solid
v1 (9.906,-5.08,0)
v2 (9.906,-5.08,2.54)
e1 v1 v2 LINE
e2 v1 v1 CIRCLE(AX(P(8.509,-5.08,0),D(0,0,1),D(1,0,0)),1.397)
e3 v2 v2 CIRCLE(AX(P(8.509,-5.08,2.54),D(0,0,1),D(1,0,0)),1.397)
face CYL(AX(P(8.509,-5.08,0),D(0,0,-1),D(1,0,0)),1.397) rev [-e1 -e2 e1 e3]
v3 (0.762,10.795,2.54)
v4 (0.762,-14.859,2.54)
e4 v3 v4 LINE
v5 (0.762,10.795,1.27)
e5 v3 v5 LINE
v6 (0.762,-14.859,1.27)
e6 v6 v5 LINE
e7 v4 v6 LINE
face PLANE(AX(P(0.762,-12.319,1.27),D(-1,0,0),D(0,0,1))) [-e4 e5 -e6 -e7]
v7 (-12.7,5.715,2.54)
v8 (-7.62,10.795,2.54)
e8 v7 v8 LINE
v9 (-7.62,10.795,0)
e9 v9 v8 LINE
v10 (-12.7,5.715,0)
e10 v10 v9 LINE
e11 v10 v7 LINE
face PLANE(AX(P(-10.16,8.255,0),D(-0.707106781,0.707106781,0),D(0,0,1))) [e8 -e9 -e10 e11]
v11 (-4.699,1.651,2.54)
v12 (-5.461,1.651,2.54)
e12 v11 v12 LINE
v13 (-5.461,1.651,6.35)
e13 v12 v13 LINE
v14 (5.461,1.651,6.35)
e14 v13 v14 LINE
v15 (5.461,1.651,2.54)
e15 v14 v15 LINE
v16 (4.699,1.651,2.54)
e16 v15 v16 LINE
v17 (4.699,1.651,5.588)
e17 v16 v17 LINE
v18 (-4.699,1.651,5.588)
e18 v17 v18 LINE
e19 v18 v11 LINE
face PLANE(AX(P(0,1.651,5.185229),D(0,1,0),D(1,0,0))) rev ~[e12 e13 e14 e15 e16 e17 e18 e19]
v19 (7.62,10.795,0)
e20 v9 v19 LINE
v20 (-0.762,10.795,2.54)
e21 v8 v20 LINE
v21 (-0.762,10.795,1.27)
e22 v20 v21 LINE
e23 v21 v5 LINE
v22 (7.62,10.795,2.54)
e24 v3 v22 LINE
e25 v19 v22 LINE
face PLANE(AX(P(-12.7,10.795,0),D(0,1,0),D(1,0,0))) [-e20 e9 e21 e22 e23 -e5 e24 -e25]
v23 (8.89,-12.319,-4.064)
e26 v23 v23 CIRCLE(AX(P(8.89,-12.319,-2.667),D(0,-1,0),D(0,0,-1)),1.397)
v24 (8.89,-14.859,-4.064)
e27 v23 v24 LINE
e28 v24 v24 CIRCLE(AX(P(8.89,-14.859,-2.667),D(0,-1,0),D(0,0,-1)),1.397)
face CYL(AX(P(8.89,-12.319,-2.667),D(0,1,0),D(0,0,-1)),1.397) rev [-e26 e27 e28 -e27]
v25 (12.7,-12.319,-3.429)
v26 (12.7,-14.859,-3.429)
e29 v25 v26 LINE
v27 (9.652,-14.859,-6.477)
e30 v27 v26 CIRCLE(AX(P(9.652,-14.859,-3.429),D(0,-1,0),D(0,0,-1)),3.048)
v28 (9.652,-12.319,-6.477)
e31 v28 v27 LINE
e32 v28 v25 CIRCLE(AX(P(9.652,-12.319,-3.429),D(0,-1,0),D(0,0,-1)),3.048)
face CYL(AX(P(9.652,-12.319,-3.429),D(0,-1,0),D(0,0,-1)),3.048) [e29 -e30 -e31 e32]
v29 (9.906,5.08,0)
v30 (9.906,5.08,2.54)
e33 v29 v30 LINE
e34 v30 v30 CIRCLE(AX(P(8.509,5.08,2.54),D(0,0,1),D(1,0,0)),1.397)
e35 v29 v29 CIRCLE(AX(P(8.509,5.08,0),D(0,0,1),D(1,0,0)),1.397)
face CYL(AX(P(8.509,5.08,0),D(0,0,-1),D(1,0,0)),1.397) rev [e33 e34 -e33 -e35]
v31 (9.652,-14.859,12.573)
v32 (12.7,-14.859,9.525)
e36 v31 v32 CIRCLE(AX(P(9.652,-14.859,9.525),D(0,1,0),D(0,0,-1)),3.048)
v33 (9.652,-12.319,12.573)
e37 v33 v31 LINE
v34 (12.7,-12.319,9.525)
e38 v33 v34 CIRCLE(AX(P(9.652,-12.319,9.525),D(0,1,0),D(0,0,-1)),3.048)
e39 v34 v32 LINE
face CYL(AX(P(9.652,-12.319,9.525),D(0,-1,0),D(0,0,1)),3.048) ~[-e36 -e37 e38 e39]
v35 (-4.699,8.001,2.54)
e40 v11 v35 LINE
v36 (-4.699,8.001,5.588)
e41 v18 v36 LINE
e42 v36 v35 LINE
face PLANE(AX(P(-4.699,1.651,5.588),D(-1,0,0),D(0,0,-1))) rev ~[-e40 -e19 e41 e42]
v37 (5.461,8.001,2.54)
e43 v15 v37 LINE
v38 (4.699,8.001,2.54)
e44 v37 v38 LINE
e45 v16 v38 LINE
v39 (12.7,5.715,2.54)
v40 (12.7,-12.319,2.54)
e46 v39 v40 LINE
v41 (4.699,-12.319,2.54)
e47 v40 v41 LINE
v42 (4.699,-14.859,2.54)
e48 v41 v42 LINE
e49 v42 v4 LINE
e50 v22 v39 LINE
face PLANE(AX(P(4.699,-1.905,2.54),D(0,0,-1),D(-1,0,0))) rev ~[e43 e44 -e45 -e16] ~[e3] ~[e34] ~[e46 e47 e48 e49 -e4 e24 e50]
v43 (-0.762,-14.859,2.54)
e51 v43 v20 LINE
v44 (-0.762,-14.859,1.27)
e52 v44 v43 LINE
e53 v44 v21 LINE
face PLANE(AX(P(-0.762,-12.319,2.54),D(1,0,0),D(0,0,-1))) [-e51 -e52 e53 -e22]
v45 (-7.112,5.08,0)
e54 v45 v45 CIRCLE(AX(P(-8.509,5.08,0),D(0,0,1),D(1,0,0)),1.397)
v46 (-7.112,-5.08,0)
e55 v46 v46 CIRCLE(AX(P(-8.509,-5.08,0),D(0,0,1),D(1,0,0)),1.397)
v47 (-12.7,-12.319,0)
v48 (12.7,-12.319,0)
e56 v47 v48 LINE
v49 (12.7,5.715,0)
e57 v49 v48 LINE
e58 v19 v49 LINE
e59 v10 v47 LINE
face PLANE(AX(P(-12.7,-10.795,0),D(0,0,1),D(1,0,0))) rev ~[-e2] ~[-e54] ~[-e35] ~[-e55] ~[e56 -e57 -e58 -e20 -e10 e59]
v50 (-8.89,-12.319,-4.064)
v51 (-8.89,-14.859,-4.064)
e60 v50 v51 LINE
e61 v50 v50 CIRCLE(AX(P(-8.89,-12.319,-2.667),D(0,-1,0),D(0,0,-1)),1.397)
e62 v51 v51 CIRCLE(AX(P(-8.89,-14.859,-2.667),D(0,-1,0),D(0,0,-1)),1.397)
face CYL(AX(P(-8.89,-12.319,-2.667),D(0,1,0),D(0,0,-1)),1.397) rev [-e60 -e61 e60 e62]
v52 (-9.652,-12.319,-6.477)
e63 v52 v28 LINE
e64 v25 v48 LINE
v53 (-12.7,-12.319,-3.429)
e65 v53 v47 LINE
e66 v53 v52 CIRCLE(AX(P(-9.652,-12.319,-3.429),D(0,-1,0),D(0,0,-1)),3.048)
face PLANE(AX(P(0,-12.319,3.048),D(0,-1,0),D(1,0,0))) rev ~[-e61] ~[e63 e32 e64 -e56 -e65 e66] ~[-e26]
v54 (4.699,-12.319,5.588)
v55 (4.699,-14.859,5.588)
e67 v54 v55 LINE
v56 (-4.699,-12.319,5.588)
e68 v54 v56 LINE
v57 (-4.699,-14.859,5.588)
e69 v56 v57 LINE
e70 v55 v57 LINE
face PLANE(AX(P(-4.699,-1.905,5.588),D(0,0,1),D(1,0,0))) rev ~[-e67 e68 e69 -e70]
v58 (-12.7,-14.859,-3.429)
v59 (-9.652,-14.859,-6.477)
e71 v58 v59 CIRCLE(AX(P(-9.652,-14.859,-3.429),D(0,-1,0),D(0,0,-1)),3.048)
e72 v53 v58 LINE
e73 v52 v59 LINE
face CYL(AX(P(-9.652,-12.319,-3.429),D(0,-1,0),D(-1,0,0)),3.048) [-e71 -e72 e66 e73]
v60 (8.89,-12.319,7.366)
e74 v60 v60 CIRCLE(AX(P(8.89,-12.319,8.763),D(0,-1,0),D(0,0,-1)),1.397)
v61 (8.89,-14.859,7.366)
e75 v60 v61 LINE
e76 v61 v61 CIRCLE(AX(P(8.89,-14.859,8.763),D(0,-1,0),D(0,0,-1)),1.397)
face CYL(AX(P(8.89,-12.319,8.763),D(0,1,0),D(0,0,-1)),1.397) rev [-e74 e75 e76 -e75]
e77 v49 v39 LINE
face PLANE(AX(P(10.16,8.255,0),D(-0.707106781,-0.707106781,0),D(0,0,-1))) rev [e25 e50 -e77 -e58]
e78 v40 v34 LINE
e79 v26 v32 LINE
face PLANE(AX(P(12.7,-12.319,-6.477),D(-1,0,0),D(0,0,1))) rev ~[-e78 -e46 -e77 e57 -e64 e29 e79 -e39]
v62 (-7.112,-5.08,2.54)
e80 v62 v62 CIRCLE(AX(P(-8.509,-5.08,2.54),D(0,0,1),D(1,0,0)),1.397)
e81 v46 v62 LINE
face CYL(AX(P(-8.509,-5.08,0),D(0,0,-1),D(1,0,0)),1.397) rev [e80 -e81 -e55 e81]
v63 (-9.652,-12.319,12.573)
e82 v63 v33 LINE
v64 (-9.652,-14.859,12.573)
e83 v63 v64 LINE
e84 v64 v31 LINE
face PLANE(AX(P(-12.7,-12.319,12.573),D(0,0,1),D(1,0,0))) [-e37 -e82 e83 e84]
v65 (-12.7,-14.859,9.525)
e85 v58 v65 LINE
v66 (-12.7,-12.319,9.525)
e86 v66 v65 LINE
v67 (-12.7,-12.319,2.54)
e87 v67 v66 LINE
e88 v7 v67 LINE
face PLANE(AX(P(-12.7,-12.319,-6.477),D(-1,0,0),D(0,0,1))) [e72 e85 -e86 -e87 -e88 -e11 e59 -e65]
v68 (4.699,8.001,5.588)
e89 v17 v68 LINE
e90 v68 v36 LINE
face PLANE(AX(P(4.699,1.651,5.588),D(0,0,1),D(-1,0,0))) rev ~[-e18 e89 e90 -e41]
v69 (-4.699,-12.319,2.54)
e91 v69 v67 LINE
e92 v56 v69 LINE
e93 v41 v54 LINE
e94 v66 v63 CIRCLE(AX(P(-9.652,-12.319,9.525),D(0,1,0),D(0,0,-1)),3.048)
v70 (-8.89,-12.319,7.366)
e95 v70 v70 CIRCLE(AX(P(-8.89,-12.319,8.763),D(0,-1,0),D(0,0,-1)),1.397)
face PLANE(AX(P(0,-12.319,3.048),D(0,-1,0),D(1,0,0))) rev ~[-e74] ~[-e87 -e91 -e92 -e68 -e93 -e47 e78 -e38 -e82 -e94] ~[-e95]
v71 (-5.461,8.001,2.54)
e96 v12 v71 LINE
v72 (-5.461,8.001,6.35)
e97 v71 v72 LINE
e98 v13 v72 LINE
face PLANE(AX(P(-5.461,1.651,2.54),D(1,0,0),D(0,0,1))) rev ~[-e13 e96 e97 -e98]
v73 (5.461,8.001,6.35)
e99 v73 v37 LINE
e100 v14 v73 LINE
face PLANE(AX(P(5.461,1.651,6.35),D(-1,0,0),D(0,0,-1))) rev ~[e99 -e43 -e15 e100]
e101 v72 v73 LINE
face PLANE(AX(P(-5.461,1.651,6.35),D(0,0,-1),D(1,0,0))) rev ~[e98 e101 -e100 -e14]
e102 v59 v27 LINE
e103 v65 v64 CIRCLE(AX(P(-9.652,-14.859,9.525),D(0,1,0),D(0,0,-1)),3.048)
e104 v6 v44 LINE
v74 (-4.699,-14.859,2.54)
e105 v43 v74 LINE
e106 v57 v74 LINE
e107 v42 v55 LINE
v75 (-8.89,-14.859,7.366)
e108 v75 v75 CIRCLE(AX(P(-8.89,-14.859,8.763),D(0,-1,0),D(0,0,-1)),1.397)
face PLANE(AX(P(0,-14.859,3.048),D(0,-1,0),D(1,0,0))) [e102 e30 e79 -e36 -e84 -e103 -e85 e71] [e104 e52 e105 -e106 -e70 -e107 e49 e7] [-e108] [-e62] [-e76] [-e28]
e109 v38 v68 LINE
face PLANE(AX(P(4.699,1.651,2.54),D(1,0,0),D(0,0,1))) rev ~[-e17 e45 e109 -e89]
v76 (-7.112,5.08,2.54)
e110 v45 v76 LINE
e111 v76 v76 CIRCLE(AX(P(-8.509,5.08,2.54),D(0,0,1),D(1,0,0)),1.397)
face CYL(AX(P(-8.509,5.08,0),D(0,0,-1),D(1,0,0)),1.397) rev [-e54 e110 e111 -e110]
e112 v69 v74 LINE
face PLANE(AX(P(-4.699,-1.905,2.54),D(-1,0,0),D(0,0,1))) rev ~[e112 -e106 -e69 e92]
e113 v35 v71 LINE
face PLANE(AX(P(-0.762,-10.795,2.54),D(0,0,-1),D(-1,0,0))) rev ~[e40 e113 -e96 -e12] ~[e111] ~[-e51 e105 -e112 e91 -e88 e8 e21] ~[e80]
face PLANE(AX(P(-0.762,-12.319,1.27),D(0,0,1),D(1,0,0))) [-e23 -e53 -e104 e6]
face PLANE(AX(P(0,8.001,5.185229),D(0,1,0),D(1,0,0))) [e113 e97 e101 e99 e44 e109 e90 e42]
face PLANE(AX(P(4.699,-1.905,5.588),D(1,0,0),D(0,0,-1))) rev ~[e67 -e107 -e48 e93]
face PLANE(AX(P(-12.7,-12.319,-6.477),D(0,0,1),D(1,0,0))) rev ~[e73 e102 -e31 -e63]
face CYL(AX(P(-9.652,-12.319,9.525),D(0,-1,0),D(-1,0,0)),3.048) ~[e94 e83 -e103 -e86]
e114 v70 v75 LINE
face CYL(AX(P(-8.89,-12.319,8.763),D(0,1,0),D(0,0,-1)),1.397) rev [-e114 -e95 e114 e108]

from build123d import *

# Parameters (mm, degrees)
SKETCH1_W           = 25.4
SKETCH1_H           = 21.59
SKETCH1_R           = 1.397
BOSS_EXTRUDE1_DEPTH = 2.54
SKETCH2_W           = 1.524
SKETCH2_H           = 21.59
CUT_EXTRUDE1_DEPTH  = 1.27
BOSS_EXTRUDE3_DEPTH = 1.524
SKETCH8_W           = 25.4
SKETCH8_H           = 19.05
SKETCH8_R           = 1.397
BOSS_EXTRUDE4_DEPTH = 2.54
CUT_EXTRUDE2_DEPTH  = 15.24
CUT_EXTRUDE3_DEPTH  = 15.24
BOSS_EXTRUDE5_DEPTH = 6.35
CHAMFER1_SIZE       = 5.08
FILLET1_R           = 3.048


with BuildPart() as part:
    # Sketch1 → Boss-Extrude1 (new body)
    with BuildSketch(Plane.XY):
        Rectangle(SKETCH1_W, SKETCH1_H)
        with Locations((-8.509, 5.08)):
            Circle(SKETCH1_R, mode=Mode.SUBTRACT)
        with Locations((8.509, 5.08)):
            Circle(SKETCH1_R, mode=Mode.SUBTRACT)
        with Locations((8.509, -5.08)):
            Circle(SKETCH1_R, mode=Mode.SUBTRACT)
        with Locations((-8.509, -5.08)):
            Circle(SKETCH1_R, mode=Mode.SUBTRACT)
    extrude(amount=BOSS_EXTRUDE1_DEPTH)

    # Sketch2 → Cut-Extrude1 (cut)
    with BuildSketch(Plane.XY.offset(2.54)):
        Rectangle(SKETCH2_W, SKETCH2_H)
    extrude(amount=-CUT_EXTRUDE1_DEPTH, mode=Mode.SUBTRACT)

    # Sketch7 → Boss-Extrude3 (add)
    with BuildSketch(Plane.XZ.offset(10.795)):
        Polygon((-0.762, 2.54), (-12.7, 2.54), (-12.7, 0), (12.7, 0), (12.7, 2.54), (0.762, 2.54), (0.762, 1.27), (-0.762, 1.27), align=None)
    extrude(amount=BOSS_EXTRUDE3_DEPTH)

    # Sketch8 → Boss-Extrude4 (add)
    with BuildSketch(Plane.XZ.offset(12.319)):
        with Locations((0, 3.048)):
            Rectangle(SKETCH8_W, SKETCH8_H)
        with Locations(Location((-8.89, 8.763, 0), (0, 0, 270))):
            Circle(SKETCH8_R, mode=Mode.SUBTRACT)
        with Locations(Location((8.89, 8.763, 0), (0, 0, 270))):
            Circle(SKETCH8_R, mode=Mode.SUBTRACT)
        with Locations(Location((-8.89, -2.667, 0), (0, 0, 270))):
            Circle(SKETCH8_R, mode=Mode.SUBTRACT)
        with Locations(Location((8.89, -2.667, 0), (0, 0, 270))):
            Circle(SKETCH8_R, mode=Mode.SUBTRACT)
    extrude(amount=BOSS_EXTRUDE4_DEPTH)

    # Sketch5 → Cut-Extrude2 (cut)
    with BuildSketch(Plane(origin=(0, -1.905, 0), x_dir=(-1, 0, 0), z_dir=(0, -1, 0))):
        Polygon((-4.445, -2.54), (-4.445, -5.334), (4.445, -5.334), (4.445, -2.54), (4.699, -2.54), (4.699, -5.588), (-4.699, -5.588), (-4.699, -2.54), align=None)
    extrude(amount=CUT_EXTRUDE2_DEPTH, mode=Mode.SUBTRACT)

    # Sketch9 → Cut-Extrude3 (cut)
    with BuildSketch(Plane(origin=(0, -12.319, 0), x_dir=(1, 0, 0), z_dir=(0, 1, 0))):
        Polygon((-0.762, -1.27), (0.762, -1.27), (0.762, -2.54), (4.445, -2.54), (4.445, -5.334), (-4.445, -5.334), (-4.445, -2.54), (-0.762, -2.54), align=None)
    extrude(amount=-CUT_EXTRUDE3_DEPTH, mode=Mode.SUBTRACT)

    # Sketch11 → Boss-Extrude5 (add)
    with BuildSketch(Plane(origin=(0, 1.651, 0), x_dir=(1, 0, 0), z_dir=(0, 1, 0))):
        Polygon((-4.699, -2.54), (-5.461, -2.54), (-5.461, -6.35), (5.461, -6.35), (5.461, -2.54), (4.699, -2.54), (4.699, -5.588), (-4.699, -5.588), align=None)
    extrude(amount=BOSS_EXTRUDE5_DEPTH)

    # Chamfer1
    chamfer1_edges = [part.edges().sort_by_distance(p)[0] for p in [
        (-12.7, 10.795, 1.27),
        (12.7, 10.795, 1.27),
    ]]
    chamfer(chamfer1_edges, length=CHAMFER1_SIZE)

    # Fillet1
    fillet1_edges = [part.edges().sort_by_distance(p)[0] for p in [
        (-12.7, -13.589, 12.573),
        (-12.7, -13.589, -6.477),
        (12.7, -13.589, -6.477),
        (12.7, -13.589, 12.573),
    ]]
    fillet(fillet1_edges, radius=FILLET1_R)


solid = part.part
